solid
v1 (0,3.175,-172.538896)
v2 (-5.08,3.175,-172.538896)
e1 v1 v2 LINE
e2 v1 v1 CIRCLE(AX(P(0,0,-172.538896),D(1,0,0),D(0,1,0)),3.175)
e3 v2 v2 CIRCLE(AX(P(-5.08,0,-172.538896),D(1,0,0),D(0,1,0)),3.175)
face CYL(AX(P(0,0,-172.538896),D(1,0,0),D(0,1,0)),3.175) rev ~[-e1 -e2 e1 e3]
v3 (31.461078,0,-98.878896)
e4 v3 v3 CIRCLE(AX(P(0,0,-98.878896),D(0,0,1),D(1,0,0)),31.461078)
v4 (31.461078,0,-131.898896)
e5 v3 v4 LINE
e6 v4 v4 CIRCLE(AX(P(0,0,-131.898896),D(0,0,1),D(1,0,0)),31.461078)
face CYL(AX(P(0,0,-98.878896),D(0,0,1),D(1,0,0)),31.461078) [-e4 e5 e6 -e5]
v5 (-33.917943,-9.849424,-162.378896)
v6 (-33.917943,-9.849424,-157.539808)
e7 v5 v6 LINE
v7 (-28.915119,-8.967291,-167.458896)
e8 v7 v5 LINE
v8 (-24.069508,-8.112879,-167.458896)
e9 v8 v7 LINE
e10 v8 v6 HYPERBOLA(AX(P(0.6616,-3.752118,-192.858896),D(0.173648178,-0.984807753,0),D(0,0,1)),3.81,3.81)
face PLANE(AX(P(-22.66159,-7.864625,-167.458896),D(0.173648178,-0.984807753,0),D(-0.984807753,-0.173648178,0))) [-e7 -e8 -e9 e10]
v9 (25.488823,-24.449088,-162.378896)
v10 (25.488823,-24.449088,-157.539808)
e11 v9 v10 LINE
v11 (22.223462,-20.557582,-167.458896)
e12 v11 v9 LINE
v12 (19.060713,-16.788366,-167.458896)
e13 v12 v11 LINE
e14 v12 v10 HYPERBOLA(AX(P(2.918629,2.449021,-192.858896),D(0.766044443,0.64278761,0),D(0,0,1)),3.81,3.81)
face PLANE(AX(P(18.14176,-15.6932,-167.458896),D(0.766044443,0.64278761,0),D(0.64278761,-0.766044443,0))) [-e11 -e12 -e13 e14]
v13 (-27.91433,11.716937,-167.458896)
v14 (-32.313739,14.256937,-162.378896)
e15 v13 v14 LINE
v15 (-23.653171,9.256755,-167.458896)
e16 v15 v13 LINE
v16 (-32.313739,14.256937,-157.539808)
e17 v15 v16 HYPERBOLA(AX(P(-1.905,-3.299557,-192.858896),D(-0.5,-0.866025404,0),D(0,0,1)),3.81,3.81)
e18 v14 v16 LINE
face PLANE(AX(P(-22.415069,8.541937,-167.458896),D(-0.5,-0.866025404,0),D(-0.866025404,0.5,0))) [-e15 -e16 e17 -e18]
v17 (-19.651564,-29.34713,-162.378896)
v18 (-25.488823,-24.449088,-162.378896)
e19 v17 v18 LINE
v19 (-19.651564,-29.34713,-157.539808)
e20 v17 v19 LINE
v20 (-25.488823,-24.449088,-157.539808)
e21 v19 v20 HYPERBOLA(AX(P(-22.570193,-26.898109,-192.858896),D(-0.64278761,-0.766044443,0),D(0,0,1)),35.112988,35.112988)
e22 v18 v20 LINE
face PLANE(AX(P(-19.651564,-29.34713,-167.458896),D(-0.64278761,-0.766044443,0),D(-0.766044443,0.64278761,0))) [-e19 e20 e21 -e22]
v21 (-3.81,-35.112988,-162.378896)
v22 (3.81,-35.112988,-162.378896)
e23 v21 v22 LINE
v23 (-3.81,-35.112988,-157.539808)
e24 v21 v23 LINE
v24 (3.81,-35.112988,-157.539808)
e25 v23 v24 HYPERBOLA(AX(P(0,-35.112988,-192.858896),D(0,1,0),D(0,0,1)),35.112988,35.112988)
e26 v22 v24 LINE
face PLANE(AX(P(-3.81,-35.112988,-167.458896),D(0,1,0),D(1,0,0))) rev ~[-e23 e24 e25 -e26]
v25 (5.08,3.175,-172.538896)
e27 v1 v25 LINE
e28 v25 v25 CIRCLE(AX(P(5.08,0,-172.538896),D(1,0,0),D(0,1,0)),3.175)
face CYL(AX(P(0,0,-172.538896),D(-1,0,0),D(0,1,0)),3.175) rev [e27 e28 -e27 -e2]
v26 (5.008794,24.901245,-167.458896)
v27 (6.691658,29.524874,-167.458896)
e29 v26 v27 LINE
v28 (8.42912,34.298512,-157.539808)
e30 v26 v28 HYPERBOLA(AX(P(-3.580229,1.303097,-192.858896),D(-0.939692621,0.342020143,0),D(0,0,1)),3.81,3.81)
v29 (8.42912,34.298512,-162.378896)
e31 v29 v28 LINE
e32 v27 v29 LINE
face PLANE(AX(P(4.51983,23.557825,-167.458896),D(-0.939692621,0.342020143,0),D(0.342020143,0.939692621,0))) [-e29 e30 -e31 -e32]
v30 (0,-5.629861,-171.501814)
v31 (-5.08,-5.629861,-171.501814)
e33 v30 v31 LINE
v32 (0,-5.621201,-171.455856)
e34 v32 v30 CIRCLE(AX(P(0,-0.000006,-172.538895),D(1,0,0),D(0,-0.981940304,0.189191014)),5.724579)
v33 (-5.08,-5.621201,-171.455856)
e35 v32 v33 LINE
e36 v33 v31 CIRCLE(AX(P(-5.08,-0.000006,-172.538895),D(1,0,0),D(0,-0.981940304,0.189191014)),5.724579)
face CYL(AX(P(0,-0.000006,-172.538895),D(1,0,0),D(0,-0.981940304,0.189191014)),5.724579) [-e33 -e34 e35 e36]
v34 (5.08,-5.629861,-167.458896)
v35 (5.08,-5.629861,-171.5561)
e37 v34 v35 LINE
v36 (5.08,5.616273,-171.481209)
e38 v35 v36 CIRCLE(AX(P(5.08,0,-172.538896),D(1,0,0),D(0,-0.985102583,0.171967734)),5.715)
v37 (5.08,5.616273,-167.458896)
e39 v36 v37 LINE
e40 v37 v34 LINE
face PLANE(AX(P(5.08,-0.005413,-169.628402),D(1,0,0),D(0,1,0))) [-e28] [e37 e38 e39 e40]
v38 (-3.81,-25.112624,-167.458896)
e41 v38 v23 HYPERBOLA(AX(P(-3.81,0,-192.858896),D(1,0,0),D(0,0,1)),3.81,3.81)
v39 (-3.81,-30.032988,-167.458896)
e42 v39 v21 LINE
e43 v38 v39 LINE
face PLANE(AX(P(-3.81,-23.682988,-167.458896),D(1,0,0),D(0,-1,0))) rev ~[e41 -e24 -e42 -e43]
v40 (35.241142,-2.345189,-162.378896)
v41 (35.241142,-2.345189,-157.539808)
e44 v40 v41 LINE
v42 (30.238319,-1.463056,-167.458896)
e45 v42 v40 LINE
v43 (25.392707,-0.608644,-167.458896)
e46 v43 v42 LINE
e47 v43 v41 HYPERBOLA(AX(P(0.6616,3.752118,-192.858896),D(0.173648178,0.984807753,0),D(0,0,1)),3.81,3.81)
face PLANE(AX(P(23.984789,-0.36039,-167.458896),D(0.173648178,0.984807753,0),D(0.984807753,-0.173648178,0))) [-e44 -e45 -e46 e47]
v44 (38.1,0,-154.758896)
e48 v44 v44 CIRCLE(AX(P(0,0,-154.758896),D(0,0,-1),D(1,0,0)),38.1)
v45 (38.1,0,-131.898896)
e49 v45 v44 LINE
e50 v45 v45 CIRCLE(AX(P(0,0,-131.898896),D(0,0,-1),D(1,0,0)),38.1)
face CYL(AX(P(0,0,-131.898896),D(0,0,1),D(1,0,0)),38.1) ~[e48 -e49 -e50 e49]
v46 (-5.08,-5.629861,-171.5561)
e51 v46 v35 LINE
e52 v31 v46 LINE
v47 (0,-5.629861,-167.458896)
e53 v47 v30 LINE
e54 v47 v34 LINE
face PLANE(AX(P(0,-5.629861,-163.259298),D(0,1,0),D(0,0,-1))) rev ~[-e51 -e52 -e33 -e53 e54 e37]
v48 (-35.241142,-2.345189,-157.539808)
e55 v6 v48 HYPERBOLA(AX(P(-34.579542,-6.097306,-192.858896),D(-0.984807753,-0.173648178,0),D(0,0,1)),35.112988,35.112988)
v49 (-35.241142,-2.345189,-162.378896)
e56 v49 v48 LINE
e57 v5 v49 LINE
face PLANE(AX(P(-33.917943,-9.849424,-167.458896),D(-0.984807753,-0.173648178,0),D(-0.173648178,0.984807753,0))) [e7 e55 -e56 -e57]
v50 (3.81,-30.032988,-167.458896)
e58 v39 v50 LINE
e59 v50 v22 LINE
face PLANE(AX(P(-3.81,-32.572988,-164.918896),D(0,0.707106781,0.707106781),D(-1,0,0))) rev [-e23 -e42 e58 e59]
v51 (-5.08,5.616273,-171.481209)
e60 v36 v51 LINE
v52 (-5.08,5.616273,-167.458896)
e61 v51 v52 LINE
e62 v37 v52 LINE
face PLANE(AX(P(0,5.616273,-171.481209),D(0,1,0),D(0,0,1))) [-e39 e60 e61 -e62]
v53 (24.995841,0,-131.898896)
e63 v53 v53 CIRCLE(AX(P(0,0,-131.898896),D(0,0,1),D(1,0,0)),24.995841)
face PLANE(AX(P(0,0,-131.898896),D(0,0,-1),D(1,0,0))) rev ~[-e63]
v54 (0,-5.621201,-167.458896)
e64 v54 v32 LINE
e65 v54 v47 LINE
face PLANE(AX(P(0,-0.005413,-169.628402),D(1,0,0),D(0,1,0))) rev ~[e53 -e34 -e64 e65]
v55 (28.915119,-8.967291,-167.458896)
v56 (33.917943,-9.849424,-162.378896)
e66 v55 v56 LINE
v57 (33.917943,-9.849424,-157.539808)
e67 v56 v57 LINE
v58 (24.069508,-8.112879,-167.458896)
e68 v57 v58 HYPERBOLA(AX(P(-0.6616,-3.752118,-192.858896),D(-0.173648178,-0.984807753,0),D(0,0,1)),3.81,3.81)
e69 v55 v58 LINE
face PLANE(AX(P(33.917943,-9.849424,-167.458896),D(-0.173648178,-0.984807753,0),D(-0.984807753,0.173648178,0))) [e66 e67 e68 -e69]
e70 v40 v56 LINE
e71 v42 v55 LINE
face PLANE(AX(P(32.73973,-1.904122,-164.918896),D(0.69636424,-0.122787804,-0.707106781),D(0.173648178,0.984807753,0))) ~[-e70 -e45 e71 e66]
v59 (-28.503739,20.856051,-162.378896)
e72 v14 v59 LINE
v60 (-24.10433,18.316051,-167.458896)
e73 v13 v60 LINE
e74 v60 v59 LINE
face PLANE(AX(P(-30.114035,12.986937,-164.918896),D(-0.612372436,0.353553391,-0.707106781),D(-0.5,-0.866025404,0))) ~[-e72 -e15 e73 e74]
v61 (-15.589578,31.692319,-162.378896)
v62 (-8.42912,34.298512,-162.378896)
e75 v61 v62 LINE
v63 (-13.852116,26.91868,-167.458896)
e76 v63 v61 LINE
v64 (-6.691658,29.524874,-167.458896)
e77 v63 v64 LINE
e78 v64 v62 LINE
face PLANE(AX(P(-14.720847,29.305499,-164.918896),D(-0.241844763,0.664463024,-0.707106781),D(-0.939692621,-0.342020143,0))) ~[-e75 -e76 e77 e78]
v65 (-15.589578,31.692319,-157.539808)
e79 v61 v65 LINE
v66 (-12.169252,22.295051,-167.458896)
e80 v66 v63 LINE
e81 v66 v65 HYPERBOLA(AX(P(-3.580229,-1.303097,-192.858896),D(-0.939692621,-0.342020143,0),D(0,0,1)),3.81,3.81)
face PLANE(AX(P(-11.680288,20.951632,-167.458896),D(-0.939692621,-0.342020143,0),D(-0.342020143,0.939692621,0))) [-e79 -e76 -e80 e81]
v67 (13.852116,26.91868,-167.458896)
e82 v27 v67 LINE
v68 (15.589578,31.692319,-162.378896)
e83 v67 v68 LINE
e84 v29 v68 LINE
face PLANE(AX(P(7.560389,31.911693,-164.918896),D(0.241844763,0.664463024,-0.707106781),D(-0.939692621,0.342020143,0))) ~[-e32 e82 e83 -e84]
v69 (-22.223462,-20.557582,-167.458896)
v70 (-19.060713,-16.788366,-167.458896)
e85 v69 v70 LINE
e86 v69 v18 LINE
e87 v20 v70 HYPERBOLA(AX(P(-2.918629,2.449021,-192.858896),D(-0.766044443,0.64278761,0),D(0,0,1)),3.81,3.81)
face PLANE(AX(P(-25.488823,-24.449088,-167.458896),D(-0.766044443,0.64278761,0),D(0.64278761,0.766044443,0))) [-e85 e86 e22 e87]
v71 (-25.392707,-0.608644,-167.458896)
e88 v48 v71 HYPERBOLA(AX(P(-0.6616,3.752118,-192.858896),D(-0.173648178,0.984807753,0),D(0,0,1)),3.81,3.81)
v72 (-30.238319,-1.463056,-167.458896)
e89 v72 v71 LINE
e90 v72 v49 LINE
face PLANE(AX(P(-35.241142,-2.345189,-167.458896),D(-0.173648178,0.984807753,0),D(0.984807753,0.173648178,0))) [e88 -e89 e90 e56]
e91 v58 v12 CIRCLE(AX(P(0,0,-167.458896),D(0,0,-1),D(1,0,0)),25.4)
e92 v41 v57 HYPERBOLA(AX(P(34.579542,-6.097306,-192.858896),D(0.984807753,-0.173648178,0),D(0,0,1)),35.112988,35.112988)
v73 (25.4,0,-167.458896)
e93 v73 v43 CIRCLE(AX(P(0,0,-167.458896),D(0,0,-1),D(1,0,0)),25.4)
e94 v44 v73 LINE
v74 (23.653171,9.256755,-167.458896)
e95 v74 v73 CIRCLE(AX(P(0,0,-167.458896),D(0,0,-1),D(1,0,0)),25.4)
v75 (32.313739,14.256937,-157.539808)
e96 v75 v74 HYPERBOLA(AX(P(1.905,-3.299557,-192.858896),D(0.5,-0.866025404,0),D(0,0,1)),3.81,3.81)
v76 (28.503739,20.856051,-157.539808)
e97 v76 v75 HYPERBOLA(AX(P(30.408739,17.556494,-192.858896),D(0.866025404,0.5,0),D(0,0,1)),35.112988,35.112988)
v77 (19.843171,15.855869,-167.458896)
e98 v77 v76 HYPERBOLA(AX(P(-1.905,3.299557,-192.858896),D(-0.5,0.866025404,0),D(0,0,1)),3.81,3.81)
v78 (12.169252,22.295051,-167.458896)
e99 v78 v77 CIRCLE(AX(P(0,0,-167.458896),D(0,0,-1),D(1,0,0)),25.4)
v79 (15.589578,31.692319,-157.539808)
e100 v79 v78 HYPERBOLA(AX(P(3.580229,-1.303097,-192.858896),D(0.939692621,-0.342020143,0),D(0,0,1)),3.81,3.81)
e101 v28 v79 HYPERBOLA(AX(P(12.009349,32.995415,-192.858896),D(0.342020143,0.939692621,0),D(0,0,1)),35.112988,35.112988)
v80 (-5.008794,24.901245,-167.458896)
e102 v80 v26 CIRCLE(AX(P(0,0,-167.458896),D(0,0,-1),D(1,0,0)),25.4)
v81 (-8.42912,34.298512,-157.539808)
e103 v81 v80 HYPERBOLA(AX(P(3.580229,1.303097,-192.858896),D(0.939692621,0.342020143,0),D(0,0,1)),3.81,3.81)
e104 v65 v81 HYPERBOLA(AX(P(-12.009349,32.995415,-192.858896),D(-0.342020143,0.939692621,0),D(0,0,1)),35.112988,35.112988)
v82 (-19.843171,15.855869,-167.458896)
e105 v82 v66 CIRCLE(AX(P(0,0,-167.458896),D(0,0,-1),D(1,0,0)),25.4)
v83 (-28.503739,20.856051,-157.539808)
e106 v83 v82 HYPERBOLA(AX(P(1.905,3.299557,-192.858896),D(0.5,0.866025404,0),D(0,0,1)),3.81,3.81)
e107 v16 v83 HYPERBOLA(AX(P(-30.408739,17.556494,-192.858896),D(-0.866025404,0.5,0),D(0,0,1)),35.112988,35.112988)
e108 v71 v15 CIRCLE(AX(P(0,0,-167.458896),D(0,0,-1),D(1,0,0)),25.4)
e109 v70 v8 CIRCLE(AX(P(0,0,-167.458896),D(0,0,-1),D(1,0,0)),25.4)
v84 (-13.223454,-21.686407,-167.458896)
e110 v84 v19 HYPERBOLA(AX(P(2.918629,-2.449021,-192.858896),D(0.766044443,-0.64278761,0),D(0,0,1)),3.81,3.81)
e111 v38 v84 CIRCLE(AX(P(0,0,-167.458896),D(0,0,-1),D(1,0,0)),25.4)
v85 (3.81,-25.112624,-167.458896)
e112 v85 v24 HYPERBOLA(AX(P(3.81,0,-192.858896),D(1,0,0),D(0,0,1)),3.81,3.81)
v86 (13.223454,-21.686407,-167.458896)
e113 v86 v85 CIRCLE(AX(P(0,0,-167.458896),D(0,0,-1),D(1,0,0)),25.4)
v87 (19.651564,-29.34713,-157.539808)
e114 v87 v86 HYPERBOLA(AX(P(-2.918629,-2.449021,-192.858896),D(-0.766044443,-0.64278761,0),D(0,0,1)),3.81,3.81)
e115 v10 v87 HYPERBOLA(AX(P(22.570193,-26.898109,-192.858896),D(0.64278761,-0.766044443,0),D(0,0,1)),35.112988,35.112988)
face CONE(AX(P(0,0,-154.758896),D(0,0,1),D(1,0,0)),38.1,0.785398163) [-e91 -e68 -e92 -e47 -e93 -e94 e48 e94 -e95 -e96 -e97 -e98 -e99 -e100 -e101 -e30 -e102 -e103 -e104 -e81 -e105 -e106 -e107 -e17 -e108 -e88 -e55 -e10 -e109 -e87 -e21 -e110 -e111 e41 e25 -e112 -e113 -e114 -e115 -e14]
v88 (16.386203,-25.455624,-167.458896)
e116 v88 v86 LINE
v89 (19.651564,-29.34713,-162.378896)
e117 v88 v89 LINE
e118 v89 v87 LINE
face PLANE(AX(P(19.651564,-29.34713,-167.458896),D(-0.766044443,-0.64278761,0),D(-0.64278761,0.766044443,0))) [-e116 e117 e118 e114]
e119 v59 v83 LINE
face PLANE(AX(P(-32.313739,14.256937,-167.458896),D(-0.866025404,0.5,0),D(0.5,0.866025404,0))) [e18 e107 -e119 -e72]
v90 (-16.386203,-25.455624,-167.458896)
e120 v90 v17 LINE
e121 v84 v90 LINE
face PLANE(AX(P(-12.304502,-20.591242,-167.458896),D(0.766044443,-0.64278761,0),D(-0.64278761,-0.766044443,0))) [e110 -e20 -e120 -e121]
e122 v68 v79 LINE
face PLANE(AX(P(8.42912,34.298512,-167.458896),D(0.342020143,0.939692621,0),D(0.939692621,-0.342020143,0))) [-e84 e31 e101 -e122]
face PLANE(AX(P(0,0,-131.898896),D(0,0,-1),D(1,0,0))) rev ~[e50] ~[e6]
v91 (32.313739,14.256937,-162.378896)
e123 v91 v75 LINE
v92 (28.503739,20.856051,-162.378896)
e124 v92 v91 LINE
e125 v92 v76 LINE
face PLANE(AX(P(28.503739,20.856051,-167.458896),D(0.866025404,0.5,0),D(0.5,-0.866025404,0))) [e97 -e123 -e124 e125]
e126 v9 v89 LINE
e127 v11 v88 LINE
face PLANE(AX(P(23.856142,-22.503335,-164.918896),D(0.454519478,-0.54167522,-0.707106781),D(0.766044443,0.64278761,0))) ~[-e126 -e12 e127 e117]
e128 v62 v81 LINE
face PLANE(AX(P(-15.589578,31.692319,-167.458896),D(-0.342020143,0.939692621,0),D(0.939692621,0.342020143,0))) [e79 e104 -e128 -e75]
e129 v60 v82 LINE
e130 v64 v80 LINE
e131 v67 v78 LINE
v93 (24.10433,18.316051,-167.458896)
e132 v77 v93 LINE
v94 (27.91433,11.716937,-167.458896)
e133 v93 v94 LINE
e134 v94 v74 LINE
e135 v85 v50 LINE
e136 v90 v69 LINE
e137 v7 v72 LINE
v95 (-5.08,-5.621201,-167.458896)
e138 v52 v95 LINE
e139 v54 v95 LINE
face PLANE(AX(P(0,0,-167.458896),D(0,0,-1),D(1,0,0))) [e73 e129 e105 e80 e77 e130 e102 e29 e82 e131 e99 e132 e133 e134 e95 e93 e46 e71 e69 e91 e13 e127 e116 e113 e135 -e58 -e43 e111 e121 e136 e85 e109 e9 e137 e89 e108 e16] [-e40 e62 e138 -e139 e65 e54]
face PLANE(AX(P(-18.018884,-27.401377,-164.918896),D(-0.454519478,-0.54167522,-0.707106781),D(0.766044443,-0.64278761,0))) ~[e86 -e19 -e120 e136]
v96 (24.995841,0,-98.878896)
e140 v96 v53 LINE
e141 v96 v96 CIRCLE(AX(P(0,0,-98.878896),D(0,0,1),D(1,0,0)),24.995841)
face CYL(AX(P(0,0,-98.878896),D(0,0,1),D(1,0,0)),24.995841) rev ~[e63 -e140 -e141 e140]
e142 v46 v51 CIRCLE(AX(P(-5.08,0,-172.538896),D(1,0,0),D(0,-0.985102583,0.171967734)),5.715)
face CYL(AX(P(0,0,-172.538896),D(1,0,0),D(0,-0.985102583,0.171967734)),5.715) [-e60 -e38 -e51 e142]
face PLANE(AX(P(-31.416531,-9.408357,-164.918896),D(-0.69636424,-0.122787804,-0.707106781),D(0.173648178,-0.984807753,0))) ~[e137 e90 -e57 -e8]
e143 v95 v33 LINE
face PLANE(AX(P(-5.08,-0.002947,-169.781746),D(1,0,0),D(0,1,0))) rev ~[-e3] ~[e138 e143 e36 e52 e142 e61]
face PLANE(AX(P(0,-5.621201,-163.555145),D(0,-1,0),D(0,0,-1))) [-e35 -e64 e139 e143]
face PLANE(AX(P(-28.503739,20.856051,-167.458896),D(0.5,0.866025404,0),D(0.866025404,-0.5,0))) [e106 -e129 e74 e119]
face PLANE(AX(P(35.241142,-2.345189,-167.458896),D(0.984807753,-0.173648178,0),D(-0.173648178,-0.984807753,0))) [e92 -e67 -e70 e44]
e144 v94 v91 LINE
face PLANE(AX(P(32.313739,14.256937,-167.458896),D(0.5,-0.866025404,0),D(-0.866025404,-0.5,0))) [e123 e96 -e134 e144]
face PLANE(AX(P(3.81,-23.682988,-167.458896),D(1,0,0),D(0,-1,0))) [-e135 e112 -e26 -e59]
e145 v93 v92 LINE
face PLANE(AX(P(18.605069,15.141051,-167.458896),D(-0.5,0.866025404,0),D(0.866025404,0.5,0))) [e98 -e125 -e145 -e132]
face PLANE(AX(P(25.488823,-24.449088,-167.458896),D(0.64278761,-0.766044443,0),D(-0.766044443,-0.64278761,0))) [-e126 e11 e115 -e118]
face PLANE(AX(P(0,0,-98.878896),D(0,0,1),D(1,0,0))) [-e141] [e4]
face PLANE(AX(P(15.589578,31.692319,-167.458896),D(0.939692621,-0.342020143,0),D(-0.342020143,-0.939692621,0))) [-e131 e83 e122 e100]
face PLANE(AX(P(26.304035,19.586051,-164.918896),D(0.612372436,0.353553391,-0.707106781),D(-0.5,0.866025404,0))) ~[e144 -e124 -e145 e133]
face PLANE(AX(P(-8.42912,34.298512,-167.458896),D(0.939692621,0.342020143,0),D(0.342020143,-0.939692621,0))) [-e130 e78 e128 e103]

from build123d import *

# Parameters (mm, degrees)
F2_R      = 31.4610783887
F2_R_2    = 24.995840748
F3_DEPTH  = 33.02
F4_R      = 38.1
F4_R_2    = 31.4610783887
F4_R_3    = 24.995840748
F5_DEPTH  = 35.56
F6_SIZE   = 12.7
F8_W      = 7.62
F8_H      = 11.43
F9_DEPTH  = 15.7618920784
F10_SIZE  = 5.08
F11_R     = 3.175
F12_DEPTH = 5.08
F13_R     = 3.175
F14_DEPTH = 5.08


with BuildPart() as f3:
    # F2 (on offset) → F3 (new body)
    with BuildSketch(Plane.XY.offset(-98.8788958639)):
        Circle(F2_R)
        Circle(F2_R_2, mode=Mode.SUBTRACT)
    extrude(amount=-F3_DEPTH)

    # F4 (on face) → F5 (join)
    with BuildSketch(Plane(origin=(0, 0, -131.8988958639), x_dir=(1, 0, 0), z_dir=(0, 0, -1))):
        Circle(F4_R)
        Circle(F4_R_2, mode=Mode.SUBTRACT)
        Circle(F4_R_2)
        Circle(F4_R_3, mode=Mode.SUBTRACT)
        Circle(F4_R_3)
    extrude(amount=F5_DEPTH)

    # F6
    f6_edges = [f3.edges().sort_by_distance(p)[0] for p in [
        (-38.1, 0, -167.458896),
    ]]
    chamfer(f6_edges, length=F6_SIZE)

    # F8 (on face) → F9 (join)
    with BuildSketch(Plane(origin=(0, 0, -167.4588958639), x_dir=(1, 0, 0), z_dir=(0, 0, -1))):
        with Locations((0, 29.3979875922)):
            Rectangle(F8_W, F8_H)
        Polygon((-12.3045016564, 20.5912418344), (-19.6515640351, 29.3471298192), (-25.4888226916, 24.4490882334), (-18.1417603129, 15.6932002486), align=None)
        Polygon((-22.6615902384, 7.8646251761), (-33.9179428553, 9.8494238468), (-35.2411419691, 2.3451887689), (-23.9847893522, 0.3603900981), align=None)
        Polygon((-22.4150688924, -8.5419370077), (-32.3137392576, -14.2569370077), (-28.5037392576, -20.8560505845), (-18.6050688924, -15.1410505845), align=None)
        Polygon((-11.6802876959, -20.9516319325), (-15.5895779341, -31.6923185881), (-8.4291201637, -34.2985120802), (-4.5198299255, -23.5578254246), align=None)
        Polygon((4.5198299255, -23.5578254246), (8.4291201637, -34.2985120802), (15.5895779341, -31.6923185881), (11.6802876959, -20.9516319325), align=None)
        Polygon((18.6050688924, -15.1410505845), (28.5037392576, -20.8560505845), (32.3137392576, -14.2569370077), (22.4150688924, -8.5419370077), align=None)
        Polygon((23.9847893522, 0.3603900981), (35.2411419691, 2.3451887689), (33.9179428553, 9.8494238468), (22.6615902384, 7.8646251761), align=None)
        Polygon((18.1417603129, 15.6932002486), (25.4888226916, 24.4490882334), (19.6515640351, 29.3471298192), (12.3045016564, 20.5912418344), align=None)
    extrude(amount=-F9_DEPTH)

    # F10
    f10_edges = [f3.edges().sort_by_distance(p)[0] for p in [
        (-34.579542, -6.097306, -167.458896),
        (-22.570193, -26.898109, -167.458896),
        (0, -35.112988, -167.458896),
        (22.570193, -26.898109, -167.458896),
        (34.579542, -6.097306, -167.458896),
        (30.408739, 17.556494, -167.458896),
        (12.009349, 32.995415, -167.458896),
        (-12.009349, 32.995415, -167.458896),
        (-30.408739, 17.556494, -167.458896),
    ]]
    chamfer(f10_edges, length=F10_SIZE)

    # F11 (on Right) → F12 (join)
    with BuildSketch(Plane.YZ):
        with BuildLine():
            Line((-5.6298612599, -163.2592975991), (-5.6298612599, -171.5561002624))
            ThreePointArc((-5.6298612599, -171.5561002624), (0.0380569816, -178.2537691491), (5.6162731016, -171.4812090256))
            Line((5.6162731016, -171.4812090256), (5.6162731016, -163.2592975991))
            Line((5.6162731016, -163.2592975991), (-5.6298612599, -163.2592975991))
        make_face()
        with Locations((0, -172.5388958639)):
            Circle(F11_R, mode=Mode.SUBTRACT)
    extrude(amount=F12_DEPTH)

    # F13 (on face) → F14 (join)
    with BuildSketch(Plane.YZ):
        with BuildLine():
            Line((-5.6212010458, -163.5551446258), (-5.6212010458, -171.4558557956))
            ThreePointArc((-5.6212010458, -171.4558557956), (-5.6255780847, -171.4788259602), (-5.6298612599, -171.5018138123))
            Line((-5.6298612599, -171.5018138123), (-5.6298612599, -171.5561002624))
            ThreePointArc((-5.6298612599, -171.5561002624), (0.0380569816, -178.2537691491), (5.6162731016, -171.4812090256))
            Line((5.6162731016, -171.4812090256), (5.6162731016, -163.5551446258))
            Line((5.6162731016, -163.5551446258), (-5.6212010458, -163.5551446258))
        make_face()
        with Locations((0, -172.5388958639)):
            Circle(F13_R, mode=Mode.SUBTRACT)
    extrude(amount=-F14_DEPTH)


solid = f3.part
